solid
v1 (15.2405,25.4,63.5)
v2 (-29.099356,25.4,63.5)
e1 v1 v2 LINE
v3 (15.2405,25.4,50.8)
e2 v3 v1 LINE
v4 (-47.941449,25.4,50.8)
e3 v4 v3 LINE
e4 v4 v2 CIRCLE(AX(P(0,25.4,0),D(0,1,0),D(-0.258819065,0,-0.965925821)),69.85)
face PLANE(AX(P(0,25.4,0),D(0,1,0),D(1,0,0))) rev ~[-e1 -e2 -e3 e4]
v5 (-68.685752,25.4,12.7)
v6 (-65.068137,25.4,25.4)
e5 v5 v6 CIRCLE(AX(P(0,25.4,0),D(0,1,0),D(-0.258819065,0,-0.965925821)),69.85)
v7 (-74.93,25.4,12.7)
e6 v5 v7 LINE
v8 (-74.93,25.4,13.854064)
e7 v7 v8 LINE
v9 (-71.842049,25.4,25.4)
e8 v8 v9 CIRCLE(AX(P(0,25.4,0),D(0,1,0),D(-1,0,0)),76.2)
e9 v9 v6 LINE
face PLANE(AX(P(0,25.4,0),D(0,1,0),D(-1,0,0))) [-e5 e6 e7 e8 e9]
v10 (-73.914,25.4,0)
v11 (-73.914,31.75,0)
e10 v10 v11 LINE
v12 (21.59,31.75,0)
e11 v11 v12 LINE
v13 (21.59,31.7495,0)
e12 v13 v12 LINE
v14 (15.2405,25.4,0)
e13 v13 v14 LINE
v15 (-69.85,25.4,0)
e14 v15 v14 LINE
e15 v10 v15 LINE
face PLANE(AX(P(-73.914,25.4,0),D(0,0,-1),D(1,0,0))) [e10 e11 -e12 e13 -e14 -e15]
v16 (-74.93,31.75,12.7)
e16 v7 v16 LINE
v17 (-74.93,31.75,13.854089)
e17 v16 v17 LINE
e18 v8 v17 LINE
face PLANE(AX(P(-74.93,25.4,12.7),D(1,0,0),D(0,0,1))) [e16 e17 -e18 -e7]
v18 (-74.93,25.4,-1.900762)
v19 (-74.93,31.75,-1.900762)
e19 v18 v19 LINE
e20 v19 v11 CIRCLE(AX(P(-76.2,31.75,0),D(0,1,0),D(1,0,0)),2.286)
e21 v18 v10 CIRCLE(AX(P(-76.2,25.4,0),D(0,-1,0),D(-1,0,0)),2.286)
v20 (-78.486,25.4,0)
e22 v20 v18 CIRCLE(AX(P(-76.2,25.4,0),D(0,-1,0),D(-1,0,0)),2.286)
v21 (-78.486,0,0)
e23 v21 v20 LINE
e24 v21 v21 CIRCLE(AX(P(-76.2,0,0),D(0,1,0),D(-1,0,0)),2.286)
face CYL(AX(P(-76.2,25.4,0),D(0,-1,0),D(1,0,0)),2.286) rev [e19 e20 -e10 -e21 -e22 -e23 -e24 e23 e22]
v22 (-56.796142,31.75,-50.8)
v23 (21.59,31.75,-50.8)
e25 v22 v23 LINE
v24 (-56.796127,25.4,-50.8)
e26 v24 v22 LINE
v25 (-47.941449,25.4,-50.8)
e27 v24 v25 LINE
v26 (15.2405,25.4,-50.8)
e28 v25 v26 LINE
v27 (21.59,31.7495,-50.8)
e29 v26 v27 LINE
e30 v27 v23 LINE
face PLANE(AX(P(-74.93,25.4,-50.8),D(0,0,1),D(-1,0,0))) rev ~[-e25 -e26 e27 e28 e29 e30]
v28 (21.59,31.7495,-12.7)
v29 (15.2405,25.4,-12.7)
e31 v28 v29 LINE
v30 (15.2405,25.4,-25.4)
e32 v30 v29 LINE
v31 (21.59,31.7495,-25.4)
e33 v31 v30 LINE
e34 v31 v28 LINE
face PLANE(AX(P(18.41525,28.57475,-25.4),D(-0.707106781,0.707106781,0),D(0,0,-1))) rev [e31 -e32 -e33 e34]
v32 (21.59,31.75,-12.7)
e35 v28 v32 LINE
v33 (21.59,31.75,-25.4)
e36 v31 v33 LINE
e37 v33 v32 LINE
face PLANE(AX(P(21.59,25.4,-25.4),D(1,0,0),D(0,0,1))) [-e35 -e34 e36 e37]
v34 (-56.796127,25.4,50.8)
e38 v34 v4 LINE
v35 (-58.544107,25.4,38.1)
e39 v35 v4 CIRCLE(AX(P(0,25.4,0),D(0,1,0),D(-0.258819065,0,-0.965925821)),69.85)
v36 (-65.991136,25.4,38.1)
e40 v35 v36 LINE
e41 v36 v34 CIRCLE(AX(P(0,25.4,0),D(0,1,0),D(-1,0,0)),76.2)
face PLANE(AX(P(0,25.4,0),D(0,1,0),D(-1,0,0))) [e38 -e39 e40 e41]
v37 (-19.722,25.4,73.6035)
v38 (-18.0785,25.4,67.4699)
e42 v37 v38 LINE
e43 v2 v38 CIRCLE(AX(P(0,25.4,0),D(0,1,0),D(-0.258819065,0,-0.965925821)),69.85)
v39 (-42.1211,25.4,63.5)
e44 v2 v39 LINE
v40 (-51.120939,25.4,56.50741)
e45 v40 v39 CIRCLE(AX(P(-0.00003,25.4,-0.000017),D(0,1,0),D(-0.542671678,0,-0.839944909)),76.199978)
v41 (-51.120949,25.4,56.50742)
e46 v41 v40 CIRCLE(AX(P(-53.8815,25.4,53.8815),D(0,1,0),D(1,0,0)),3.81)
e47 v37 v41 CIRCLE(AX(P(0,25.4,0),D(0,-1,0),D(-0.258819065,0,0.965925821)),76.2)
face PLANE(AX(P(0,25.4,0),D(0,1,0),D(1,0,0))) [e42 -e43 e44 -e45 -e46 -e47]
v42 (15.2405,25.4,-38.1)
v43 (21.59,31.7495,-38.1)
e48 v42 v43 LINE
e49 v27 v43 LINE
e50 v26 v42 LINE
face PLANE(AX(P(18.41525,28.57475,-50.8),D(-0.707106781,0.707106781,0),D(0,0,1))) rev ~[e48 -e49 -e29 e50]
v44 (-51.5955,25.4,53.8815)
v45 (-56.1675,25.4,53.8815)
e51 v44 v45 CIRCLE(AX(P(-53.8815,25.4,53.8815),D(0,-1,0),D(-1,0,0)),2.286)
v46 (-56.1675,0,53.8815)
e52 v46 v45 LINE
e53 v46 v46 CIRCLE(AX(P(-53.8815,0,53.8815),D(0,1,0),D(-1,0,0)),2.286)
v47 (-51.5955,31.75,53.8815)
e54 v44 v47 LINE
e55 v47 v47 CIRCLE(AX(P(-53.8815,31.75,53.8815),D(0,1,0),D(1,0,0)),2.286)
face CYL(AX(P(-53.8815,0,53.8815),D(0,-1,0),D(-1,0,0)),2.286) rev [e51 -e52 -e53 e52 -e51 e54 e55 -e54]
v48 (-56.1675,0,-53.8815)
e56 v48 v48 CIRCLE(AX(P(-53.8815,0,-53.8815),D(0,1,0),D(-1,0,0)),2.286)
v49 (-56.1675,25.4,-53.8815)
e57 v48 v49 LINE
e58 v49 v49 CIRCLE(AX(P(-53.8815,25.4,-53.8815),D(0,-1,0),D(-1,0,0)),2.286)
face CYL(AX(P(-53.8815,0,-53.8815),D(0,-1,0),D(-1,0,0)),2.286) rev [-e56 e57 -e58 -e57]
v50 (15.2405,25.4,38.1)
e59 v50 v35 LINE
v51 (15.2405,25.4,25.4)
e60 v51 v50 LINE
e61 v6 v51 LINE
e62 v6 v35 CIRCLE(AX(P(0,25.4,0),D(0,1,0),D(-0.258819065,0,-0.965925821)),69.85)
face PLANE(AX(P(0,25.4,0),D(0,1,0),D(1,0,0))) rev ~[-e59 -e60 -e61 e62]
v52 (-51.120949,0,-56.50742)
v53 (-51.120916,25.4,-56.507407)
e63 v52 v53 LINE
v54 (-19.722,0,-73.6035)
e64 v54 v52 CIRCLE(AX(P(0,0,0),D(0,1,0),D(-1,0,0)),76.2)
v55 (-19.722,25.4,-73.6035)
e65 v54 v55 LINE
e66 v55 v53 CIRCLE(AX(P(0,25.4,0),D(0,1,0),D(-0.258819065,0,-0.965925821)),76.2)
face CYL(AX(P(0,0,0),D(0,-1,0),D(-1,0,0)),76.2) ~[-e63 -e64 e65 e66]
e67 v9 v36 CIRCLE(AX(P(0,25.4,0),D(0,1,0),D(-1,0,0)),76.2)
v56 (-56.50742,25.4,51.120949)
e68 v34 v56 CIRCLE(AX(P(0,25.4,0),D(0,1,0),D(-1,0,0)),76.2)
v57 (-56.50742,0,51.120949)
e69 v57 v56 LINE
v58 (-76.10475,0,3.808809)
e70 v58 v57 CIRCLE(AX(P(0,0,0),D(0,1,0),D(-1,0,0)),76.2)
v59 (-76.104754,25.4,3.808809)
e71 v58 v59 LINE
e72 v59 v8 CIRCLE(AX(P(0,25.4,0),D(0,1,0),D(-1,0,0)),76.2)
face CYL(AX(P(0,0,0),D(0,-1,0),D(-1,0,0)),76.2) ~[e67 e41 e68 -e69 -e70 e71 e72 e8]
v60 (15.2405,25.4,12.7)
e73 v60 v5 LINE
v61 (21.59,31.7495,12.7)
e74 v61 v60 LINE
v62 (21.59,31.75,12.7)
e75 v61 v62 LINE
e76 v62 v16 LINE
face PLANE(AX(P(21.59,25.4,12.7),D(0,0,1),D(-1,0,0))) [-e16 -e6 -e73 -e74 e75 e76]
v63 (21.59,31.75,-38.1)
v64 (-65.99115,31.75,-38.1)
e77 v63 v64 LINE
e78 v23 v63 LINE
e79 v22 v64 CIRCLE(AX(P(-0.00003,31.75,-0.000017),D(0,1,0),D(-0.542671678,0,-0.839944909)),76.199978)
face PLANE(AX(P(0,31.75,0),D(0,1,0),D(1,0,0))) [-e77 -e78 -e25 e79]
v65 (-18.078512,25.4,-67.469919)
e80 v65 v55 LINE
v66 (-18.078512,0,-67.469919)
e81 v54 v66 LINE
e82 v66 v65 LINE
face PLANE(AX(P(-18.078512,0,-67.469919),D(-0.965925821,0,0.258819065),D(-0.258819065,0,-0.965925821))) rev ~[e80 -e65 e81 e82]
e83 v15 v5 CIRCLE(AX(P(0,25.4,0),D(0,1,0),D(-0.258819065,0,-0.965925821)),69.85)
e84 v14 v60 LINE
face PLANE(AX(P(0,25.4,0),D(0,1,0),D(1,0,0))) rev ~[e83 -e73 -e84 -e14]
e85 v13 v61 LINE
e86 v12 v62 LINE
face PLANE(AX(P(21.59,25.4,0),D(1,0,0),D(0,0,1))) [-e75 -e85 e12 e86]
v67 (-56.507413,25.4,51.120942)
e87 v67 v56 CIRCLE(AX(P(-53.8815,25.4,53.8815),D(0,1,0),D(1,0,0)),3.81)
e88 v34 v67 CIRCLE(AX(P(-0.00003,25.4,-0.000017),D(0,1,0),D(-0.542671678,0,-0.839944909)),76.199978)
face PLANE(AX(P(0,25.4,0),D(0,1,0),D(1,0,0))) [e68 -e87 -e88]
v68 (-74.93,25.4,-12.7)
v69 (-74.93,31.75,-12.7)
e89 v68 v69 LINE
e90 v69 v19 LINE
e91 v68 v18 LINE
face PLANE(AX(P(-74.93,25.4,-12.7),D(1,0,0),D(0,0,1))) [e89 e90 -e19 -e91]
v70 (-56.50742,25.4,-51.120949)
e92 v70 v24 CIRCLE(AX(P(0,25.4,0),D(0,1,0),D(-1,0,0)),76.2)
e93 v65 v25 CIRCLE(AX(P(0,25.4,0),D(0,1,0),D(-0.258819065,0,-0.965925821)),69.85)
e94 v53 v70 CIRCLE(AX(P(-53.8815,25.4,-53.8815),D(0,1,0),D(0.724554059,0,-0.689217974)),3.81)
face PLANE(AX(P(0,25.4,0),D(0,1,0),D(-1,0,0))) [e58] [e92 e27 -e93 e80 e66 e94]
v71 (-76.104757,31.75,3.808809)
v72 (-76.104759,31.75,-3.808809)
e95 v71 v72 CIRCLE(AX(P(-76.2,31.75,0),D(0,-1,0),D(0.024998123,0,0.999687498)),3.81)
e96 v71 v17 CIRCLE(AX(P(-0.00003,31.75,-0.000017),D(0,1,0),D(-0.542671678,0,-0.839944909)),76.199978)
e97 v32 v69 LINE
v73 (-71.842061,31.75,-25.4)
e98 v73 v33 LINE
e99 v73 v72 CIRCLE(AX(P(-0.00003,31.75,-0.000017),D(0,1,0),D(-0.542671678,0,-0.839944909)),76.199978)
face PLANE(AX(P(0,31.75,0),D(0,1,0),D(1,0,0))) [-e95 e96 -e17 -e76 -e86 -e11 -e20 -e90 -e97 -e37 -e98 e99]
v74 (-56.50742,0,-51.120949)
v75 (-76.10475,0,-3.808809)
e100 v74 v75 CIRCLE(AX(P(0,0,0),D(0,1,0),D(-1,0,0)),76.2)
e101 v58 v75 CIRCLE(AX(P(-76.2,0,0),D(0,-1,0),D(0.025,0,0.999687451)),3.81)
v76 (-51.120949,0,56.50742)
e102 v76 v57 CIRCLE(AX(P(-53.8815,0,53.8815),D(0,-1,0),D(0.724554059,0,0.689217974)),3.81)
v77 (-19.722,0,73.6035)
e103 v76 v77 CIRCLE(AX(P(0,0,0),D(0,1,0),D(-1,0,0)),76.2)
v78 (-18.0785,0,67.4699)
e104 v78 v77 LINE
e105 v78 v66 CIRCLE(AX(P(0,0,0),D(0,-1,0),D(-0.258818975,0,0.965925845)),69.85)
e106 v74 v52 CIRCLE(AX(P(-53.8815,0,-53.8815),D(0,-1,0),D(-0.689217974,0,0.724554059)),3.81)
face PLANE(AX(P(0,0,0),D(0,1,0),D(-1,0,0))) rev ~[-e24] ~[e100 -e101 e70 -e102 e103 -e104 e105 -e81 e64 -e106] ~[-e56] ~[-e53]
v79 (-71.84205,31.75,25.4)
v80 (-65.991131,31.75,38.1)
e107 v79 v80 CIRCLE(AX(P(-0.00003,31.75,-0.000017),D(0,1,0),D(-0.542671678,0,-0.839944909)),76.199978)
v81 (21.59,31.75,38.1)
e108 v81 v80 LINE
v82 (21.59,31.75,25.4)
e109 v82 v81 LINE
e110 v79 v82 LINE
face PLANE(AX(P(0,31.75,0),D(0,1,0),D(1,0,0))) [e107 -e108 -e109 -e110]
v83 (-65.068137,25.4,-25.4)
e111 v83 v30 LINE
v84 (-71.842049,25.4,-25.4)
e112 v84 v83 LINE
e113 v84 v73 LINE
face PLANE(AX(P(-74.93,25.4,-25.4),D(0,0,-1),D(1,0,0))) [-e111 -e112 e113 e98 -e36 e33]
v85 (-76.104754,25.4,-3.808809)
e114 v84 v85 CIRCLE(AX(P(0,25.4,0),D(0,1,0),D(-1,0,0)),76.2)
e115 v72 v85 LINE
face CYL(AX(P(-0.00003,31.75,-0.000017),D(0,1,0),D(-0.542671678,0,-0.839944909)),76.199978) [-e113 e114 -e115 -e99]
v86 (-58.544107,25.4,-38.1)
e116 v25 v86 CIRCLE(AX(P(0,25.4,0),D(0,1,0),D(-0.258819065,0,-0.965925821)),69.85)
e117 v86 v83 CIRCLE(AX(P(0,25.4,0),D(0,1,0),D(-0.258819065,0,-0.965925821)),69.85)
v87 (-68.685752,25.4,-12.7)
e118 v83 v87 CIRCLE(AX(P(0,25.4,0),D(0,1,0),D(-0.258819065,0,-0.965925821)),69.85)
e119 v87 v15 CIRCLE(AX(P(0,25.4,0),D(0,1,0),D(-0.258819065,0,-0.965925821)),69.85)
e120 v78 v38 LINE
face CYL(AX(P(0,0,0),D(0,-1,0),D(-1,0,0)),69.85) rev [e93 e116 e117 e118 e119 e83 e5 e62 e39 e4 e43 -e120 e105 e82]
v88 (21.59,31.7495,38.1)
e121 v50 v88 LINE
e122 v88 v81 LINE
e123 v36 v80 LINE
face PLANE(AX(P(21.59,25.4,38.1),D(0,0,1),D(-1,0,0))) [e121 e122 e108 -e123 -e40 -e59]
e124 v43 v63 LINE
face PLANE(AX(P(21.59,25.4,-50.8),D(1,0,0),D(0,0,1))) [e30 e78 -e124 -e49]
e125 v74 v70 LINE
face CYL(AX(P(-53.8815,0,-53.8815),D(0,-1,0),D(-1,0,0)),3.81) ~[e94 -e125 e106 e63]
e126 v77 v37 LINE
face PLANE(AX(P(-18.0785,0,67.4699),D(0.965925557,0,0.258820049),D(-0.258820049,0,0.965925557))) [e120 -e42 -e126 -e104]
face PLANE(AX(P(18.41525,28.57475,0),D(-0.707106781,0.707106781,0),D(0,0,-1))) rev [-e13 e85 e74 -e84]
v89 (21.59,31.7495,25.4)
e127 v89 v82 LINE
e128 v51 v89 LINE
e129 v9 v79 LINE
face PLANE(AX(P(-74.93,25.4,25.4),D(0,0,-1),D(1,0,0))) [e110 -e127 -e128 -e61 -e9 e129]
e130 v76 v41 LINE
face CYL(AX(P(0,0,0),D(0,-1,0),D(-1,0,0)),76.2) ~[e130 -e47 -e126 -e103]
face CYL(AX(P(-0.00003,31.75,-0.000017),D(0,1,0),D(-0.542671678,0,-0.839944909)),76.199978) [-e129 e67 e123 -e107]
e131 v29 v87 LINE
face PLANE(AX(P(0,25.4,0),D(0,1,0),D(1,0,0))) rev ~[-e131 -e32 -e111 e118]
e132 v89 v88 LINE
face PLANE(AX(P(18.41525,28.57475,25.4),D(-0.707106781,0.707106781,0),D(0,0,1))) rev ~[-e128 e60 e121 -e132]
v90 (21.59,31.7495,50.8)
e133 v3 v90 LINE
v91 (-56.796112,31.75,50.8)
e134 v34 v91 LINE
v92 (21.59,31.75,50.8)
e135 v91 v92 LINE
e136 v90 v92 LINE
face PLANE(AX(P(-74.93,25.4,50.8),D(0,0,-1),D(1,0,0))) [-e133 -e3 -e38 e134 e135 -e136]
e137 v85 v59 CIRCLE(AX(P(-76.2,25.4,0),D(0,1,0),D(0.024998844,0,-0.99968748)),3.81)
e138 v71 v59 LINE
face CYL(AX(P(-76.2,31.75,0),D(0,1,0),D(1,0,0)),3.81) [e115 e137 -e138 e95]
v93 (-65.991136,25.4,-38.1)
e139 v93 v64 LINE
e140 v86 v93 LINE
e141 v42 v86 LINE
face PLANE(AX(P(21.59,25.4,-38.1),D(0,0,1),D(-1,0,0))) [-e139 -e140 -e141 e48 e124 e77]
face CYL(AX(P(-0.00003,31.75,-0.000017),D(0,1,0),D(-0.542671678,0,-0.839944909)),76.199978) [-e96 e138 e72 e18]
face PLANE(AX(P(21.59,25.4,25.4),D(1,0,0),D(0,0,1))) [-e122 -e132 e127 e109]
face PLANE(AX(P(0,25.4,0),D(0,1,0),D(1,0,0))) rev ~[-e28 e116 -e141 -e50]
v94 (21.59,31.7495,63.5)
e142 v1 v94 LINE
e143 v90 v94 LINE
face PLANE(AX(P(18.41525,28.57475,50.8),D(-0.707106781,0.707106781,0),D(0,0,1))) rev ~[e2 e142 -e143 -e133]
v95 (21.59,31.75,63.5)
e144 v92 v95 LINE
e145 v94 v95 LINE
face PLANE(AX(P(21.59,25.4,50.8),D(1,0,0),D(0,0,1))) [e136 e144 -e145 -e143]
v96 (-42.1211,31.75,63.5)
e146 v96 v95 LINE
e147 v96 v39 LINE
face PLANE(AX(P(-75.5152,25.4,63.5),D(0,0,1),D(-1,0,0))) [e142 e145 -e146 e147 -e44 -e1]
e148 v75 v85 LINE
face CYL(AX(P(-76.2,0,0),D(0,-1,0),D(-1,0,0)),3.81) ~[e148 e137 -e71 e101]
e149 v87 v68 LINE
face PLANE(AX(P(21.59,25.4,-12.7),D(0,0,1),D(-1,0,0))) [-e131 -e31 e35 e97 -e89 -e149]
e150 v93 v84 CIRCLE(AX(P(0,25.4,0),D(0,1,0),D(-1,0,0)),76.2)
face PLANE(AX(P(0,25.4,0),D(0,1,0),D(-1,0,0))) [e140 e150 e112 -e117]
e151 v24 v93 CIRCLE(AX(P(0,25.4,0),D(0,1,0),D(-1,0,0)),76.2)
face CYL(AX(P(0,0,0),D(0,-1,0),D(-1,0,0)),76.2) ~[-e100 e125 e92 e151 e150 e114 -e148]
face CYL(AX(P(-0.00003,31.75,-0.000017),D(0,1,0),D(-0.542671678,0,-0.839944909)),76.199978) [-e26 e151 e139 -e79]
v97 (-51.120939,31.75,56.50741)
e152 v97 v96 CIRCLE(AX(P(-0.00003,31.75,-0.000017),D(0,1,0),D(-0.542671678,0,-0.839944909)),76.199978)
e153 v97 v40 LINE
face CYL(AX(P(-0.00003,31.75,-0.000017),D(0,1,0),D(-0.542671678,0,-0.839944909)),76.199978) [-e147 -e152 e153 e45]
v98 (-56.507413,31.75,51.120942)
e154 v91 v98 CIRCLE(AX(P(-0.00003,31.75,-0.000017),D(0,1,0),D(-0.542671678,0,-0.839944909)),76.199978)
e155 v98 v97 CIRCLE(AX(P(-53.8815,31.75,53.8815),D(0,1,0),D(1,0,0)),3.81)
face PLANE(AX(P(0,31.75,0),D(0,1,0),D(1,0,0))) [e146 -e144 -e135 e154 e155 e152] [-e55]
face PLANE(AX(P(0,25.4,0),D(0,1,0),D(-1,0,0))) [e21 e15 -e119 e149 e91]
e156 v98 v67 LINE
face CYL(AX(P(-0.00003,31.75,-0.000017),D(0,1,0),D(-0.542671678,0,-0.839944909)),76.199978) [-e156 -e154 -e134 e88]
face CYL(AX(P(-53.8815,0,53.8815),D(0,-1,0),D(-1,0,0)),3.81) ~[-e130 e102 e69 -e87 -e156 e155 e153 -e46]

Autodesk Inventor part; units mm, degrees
ref_plane "YZ Plane" through (0, 0, 0) normal (1, 0, 0) x (0, 1, 0)
ref_plane "XZ Plane" through (0, 0, 0) normal (0, 1, 0) x (-1, 0, 0)
ref_plane "XY Plane" through (0, 0, 0) normal (0, 0, 1) x (1, 0, 0)
sketch "Sketch1" plane through (0, 0, 0) normal (0, 1, 0) x (-1, 0, 0)
  circle A0 centre (0, 0) radius 72.39
  circle A1 centre (0, 0) radius 76.2
  circle A2 centre (76.2, 0) radius 3.81
  circle A3 centre (76.2, 0) radius 2.286
  circle A4 centre (0, 0) radius 69.85
  line L0 (0, 0) -> (53.8815, -53.8815)
  line L1 (0, 0) -> (76.2, 0) construction
  line L2 (0, 0) -> (53.8815, 53.8815)
  line L3 (0, 0) -> (76.2, 0) construction
  circle A5 centre (53.8815, 53.8815) radius 3.81
  circle A6 centre (53.8815, -53.8815) radius 3.81
  circle A7 centre (53.8815, -53.8815) radius 2.286
  circle A8 centre (53.8815, 53.8815) radius 2.286
  line L4 (0, 0) -> (18.0785, 67.4699)
  line L5 (0, 0) -> (69.85, 0) construction
  line L6 (18.0785, 67.4699) -> (19.722, 73.6035)
  line L7 (0, 0) -> (19.722, -73.6035)
  line L8 (0, 0) -> (76.2, 0) construction
  point P0 (76.1048, 3.8088)
  point P1 (56.5074, 51.1209)
  point P2 (51.1875, 51.1875)
  point P3 (49.3914, 49.3914)
  point P4 (49.3914, -49.3914)
  point P5 (51.1875, -51.1875)
  point P6 (56.5074, -51.1209)
  point P7 (76.1048, -3.8088)
  point P8 (51.1209, -56.5074)
  point P9 (18.0785, -67.4699)
  point P10 (51.1209, 56.5074)
  dimension "d4" = 139.7
  dimension "d0" = 144.78
  dimension "d1" = 152.4
  dimension "d2" = 7.62
  dimension "d3" = 4.572
  dimension "d5" = 45
  dimension "d6" = 45
  dimension "d7" = 4.572
  dimension "d8" = 4.572
  dimension "d11" = 75
  dimension "d12" = 75
extrude "Extrusion1" add sketch "Sketch1" along normal blind 25.4 contours A0 L0 A4 L2 | A2 A1 A6 A0 | A0 A5 A1 A2 | A2 A1 A3 | L2 A4 L6 A0 | A5 A1 A8 L2 | A0 L6 A1 A5 | L2 A8 A1 A5 | A6 A1 L7 A0 | A0 L7 A4 L0 | A6 A1 A7 L0 | L0 A7 A1 A6 | A2 A1 A3 | A5 A1 A8 | A6 A1 A7
sketch "Sketch2" plane through (0, 25.4, 0) normal (0, 1, 0) x (1, 0, 0)
  arc A0 (-76.1048, 3.8088) -> (-76.1048, -3.8088) centre (-76.2, 0) ccw projected
  line L0 (-80.01, 0) -> (-80.01, -76.2)
  line L1 (-80.01, -76.2) -> (-80.01, 76.2)
  line L2 (-80.01, 76.2) -> (21.59, 76.2) construction
  line L3 (-74.93, 63.5) -> (-74.93, 50.8)
  line L4 (-74.93, 50.8) -> (21.59, 50.8)
  line L5 (21.59, 50.8) -> (21.59, 38.1)
  line L6 (21.59, 38.1) -> (-74.93, 38.1)
  line L7 (-74.93, 38.1) -> (-74.93, 25.4)
  line L8 (-74.93, 25.4) -> (21.59, 25.4)
  line L9 (21.59, 25.4) -> (21.59, 12.7)
  line L10 (21.59, 12.7) -> (-74.93, 12.7)
  line L11 (-74.93, 12.7) -> (-74.93, 0)
  line L12 (-74.93, 0) -> (21.59, 0)
  line L13 (21.59, 0) -> (21.59, -12.7)
  line L14 (21.59, -12.7) -> (-74.93, -12.7)
  line L15 (-74.93, -12.7) -> (-74.93, -25.4)
  line L16 (-74.93, -25.4) -> (21.59, -25.4)
  line L17 (21.59, -25.4) -> (21.59, -38.1)
  line L18 (21.59, -38.1) -> (-74.93, -38.1)
  line L19 (-74.93, -38.1) -> (-74.93, -50.8)
  line L20 (-74.93, -50.8) -> (21.59, -50.8)
  line L21 (21.59, -50.8) -> (21.59, -63.5)
  line L22 (21.59, -63.5) -> (-75.5152, -63.5)
  line L23 (-75.5152, -63.5) -> (-75.5152, -76.2)
  line L24 (-75.5152, -76.2) -> (-80.01, -76.2)
  line L25 (-74.93, 63.5) -> (-74.93, 76.2)
  line L26 (-74.93, 63.5) -> (-80.01, 63.5)
  line L27 (-74.93, 50.8) -> (-80.01, 50.8)
  line L28 (-75.5152, -63.5) -> (-80.01, -63.5)
  circle A1 centre (-53.8815, -53.8815) radius 2.286 projected
  circle A2 centre (-53.8815, -53.8815) radius 2.286
  circle A3 centre (-53.8815, 53.8815) radius 2.286 projected
  circle A4 centre (-53.8815, 53.8815) radius 2.286
  circle A5 centre (-76.2, 0) radius 2.286 projected
  circle A6 centre (-76.2, 0) radius 2.286
  line L29 (-75.5152, -63.5) -> (-80.01, -63.5)
  point P0 (0, 0)
  point P1 (-73.914, 0)
  point P2 (-74.93, 1.9008)
  dimension "d13" = 76.2
  dimension "d14" = 152.4
  dimension "d20" = 12.7
  dimension "d21" = 12.7
  dimension "d22" = 12.7
  dimension "d23" = 12.7
  dimension "d24" = 96.52
  dimension "d25" = 90
  dimension "d26" = 12.7
  dimension "d27" = 12.7
  dimension "d28" = 96.52
  dimension "d29" = 90
  dimension "d30" = 12.7
  dimension "d31" = 12.7
  dimension "d32" = 90
  dimension "d33" = 12.7
  dimension "d34" = 12.7
extrude "Extrusion2" add sketch "Sketch2" along normal blind 6.35 contours L1 L27 L4 L5 L6 L7 L8 L9 L10 L11 A5 L12 L13 L14 L15 L16 L17 L18 L19 L20 L21 L22 L28 L0
sketch "Sketch3" plane through (0, 31.75, 0) normal (0, 1, 0) x (1, 0, 0)
  arc A0 (-19.722, 73.6035) -> (-51.1209, 56.5074) centre (0, 0) ccw projected
  line L0 (-29.0994, -63.5) -> (-42.1211, -63.5) projected
  arc A1 (-41.3516, 64.0038) -> (-42.1211, -63.5) centre (0, 0) ccw
  circle A2 centre (-76.2, 0) radius 3.81
  line L1 (-80.01, -63.5) -> (-42.1211, -63.5) projected
  line L2 (-42.1211, -63.5) -> (-144.5648, -63.5)
  line L3 (-144.5648, -63.5) -> (-144.5648, 70.3259)
  line L4 (-144.5648, 70.3259) -> (-41.3516, 64.0038)
  circle A3 centre (-53.8815, -53.8815) radius 2.286 projected
  circle A4 centre (-53.8815, -53.8815) radius 3.81
  point P0 (-51.1209, -56.5074)
  point P1 (-56.5074, -51.1209)
  point P2 (-76.1048, -3.8088)
  point P3 (-76.1048, 3.8088)
  point P4 (-51.1209, 56.5074)
  dimension "d37" = 7.62
  dimension "d38" = 7.62
extrude "Extrusion3" cut sketch "Sketch3" against normal blind 6.35 contours A0 A1 A2 A4 L1 L2 L3 L4
chamfer "Chamfer1" distance 6.35 angle 45 5 edges at (21.59, 25.4, 57.15) (21.59, 25.4, 31.75) (21.59, 25.4, 6.35) (21.59, 25.4, -19.05) (21.59, 25.4, -44.45)
properties part number "RoofNewShooterCup"
